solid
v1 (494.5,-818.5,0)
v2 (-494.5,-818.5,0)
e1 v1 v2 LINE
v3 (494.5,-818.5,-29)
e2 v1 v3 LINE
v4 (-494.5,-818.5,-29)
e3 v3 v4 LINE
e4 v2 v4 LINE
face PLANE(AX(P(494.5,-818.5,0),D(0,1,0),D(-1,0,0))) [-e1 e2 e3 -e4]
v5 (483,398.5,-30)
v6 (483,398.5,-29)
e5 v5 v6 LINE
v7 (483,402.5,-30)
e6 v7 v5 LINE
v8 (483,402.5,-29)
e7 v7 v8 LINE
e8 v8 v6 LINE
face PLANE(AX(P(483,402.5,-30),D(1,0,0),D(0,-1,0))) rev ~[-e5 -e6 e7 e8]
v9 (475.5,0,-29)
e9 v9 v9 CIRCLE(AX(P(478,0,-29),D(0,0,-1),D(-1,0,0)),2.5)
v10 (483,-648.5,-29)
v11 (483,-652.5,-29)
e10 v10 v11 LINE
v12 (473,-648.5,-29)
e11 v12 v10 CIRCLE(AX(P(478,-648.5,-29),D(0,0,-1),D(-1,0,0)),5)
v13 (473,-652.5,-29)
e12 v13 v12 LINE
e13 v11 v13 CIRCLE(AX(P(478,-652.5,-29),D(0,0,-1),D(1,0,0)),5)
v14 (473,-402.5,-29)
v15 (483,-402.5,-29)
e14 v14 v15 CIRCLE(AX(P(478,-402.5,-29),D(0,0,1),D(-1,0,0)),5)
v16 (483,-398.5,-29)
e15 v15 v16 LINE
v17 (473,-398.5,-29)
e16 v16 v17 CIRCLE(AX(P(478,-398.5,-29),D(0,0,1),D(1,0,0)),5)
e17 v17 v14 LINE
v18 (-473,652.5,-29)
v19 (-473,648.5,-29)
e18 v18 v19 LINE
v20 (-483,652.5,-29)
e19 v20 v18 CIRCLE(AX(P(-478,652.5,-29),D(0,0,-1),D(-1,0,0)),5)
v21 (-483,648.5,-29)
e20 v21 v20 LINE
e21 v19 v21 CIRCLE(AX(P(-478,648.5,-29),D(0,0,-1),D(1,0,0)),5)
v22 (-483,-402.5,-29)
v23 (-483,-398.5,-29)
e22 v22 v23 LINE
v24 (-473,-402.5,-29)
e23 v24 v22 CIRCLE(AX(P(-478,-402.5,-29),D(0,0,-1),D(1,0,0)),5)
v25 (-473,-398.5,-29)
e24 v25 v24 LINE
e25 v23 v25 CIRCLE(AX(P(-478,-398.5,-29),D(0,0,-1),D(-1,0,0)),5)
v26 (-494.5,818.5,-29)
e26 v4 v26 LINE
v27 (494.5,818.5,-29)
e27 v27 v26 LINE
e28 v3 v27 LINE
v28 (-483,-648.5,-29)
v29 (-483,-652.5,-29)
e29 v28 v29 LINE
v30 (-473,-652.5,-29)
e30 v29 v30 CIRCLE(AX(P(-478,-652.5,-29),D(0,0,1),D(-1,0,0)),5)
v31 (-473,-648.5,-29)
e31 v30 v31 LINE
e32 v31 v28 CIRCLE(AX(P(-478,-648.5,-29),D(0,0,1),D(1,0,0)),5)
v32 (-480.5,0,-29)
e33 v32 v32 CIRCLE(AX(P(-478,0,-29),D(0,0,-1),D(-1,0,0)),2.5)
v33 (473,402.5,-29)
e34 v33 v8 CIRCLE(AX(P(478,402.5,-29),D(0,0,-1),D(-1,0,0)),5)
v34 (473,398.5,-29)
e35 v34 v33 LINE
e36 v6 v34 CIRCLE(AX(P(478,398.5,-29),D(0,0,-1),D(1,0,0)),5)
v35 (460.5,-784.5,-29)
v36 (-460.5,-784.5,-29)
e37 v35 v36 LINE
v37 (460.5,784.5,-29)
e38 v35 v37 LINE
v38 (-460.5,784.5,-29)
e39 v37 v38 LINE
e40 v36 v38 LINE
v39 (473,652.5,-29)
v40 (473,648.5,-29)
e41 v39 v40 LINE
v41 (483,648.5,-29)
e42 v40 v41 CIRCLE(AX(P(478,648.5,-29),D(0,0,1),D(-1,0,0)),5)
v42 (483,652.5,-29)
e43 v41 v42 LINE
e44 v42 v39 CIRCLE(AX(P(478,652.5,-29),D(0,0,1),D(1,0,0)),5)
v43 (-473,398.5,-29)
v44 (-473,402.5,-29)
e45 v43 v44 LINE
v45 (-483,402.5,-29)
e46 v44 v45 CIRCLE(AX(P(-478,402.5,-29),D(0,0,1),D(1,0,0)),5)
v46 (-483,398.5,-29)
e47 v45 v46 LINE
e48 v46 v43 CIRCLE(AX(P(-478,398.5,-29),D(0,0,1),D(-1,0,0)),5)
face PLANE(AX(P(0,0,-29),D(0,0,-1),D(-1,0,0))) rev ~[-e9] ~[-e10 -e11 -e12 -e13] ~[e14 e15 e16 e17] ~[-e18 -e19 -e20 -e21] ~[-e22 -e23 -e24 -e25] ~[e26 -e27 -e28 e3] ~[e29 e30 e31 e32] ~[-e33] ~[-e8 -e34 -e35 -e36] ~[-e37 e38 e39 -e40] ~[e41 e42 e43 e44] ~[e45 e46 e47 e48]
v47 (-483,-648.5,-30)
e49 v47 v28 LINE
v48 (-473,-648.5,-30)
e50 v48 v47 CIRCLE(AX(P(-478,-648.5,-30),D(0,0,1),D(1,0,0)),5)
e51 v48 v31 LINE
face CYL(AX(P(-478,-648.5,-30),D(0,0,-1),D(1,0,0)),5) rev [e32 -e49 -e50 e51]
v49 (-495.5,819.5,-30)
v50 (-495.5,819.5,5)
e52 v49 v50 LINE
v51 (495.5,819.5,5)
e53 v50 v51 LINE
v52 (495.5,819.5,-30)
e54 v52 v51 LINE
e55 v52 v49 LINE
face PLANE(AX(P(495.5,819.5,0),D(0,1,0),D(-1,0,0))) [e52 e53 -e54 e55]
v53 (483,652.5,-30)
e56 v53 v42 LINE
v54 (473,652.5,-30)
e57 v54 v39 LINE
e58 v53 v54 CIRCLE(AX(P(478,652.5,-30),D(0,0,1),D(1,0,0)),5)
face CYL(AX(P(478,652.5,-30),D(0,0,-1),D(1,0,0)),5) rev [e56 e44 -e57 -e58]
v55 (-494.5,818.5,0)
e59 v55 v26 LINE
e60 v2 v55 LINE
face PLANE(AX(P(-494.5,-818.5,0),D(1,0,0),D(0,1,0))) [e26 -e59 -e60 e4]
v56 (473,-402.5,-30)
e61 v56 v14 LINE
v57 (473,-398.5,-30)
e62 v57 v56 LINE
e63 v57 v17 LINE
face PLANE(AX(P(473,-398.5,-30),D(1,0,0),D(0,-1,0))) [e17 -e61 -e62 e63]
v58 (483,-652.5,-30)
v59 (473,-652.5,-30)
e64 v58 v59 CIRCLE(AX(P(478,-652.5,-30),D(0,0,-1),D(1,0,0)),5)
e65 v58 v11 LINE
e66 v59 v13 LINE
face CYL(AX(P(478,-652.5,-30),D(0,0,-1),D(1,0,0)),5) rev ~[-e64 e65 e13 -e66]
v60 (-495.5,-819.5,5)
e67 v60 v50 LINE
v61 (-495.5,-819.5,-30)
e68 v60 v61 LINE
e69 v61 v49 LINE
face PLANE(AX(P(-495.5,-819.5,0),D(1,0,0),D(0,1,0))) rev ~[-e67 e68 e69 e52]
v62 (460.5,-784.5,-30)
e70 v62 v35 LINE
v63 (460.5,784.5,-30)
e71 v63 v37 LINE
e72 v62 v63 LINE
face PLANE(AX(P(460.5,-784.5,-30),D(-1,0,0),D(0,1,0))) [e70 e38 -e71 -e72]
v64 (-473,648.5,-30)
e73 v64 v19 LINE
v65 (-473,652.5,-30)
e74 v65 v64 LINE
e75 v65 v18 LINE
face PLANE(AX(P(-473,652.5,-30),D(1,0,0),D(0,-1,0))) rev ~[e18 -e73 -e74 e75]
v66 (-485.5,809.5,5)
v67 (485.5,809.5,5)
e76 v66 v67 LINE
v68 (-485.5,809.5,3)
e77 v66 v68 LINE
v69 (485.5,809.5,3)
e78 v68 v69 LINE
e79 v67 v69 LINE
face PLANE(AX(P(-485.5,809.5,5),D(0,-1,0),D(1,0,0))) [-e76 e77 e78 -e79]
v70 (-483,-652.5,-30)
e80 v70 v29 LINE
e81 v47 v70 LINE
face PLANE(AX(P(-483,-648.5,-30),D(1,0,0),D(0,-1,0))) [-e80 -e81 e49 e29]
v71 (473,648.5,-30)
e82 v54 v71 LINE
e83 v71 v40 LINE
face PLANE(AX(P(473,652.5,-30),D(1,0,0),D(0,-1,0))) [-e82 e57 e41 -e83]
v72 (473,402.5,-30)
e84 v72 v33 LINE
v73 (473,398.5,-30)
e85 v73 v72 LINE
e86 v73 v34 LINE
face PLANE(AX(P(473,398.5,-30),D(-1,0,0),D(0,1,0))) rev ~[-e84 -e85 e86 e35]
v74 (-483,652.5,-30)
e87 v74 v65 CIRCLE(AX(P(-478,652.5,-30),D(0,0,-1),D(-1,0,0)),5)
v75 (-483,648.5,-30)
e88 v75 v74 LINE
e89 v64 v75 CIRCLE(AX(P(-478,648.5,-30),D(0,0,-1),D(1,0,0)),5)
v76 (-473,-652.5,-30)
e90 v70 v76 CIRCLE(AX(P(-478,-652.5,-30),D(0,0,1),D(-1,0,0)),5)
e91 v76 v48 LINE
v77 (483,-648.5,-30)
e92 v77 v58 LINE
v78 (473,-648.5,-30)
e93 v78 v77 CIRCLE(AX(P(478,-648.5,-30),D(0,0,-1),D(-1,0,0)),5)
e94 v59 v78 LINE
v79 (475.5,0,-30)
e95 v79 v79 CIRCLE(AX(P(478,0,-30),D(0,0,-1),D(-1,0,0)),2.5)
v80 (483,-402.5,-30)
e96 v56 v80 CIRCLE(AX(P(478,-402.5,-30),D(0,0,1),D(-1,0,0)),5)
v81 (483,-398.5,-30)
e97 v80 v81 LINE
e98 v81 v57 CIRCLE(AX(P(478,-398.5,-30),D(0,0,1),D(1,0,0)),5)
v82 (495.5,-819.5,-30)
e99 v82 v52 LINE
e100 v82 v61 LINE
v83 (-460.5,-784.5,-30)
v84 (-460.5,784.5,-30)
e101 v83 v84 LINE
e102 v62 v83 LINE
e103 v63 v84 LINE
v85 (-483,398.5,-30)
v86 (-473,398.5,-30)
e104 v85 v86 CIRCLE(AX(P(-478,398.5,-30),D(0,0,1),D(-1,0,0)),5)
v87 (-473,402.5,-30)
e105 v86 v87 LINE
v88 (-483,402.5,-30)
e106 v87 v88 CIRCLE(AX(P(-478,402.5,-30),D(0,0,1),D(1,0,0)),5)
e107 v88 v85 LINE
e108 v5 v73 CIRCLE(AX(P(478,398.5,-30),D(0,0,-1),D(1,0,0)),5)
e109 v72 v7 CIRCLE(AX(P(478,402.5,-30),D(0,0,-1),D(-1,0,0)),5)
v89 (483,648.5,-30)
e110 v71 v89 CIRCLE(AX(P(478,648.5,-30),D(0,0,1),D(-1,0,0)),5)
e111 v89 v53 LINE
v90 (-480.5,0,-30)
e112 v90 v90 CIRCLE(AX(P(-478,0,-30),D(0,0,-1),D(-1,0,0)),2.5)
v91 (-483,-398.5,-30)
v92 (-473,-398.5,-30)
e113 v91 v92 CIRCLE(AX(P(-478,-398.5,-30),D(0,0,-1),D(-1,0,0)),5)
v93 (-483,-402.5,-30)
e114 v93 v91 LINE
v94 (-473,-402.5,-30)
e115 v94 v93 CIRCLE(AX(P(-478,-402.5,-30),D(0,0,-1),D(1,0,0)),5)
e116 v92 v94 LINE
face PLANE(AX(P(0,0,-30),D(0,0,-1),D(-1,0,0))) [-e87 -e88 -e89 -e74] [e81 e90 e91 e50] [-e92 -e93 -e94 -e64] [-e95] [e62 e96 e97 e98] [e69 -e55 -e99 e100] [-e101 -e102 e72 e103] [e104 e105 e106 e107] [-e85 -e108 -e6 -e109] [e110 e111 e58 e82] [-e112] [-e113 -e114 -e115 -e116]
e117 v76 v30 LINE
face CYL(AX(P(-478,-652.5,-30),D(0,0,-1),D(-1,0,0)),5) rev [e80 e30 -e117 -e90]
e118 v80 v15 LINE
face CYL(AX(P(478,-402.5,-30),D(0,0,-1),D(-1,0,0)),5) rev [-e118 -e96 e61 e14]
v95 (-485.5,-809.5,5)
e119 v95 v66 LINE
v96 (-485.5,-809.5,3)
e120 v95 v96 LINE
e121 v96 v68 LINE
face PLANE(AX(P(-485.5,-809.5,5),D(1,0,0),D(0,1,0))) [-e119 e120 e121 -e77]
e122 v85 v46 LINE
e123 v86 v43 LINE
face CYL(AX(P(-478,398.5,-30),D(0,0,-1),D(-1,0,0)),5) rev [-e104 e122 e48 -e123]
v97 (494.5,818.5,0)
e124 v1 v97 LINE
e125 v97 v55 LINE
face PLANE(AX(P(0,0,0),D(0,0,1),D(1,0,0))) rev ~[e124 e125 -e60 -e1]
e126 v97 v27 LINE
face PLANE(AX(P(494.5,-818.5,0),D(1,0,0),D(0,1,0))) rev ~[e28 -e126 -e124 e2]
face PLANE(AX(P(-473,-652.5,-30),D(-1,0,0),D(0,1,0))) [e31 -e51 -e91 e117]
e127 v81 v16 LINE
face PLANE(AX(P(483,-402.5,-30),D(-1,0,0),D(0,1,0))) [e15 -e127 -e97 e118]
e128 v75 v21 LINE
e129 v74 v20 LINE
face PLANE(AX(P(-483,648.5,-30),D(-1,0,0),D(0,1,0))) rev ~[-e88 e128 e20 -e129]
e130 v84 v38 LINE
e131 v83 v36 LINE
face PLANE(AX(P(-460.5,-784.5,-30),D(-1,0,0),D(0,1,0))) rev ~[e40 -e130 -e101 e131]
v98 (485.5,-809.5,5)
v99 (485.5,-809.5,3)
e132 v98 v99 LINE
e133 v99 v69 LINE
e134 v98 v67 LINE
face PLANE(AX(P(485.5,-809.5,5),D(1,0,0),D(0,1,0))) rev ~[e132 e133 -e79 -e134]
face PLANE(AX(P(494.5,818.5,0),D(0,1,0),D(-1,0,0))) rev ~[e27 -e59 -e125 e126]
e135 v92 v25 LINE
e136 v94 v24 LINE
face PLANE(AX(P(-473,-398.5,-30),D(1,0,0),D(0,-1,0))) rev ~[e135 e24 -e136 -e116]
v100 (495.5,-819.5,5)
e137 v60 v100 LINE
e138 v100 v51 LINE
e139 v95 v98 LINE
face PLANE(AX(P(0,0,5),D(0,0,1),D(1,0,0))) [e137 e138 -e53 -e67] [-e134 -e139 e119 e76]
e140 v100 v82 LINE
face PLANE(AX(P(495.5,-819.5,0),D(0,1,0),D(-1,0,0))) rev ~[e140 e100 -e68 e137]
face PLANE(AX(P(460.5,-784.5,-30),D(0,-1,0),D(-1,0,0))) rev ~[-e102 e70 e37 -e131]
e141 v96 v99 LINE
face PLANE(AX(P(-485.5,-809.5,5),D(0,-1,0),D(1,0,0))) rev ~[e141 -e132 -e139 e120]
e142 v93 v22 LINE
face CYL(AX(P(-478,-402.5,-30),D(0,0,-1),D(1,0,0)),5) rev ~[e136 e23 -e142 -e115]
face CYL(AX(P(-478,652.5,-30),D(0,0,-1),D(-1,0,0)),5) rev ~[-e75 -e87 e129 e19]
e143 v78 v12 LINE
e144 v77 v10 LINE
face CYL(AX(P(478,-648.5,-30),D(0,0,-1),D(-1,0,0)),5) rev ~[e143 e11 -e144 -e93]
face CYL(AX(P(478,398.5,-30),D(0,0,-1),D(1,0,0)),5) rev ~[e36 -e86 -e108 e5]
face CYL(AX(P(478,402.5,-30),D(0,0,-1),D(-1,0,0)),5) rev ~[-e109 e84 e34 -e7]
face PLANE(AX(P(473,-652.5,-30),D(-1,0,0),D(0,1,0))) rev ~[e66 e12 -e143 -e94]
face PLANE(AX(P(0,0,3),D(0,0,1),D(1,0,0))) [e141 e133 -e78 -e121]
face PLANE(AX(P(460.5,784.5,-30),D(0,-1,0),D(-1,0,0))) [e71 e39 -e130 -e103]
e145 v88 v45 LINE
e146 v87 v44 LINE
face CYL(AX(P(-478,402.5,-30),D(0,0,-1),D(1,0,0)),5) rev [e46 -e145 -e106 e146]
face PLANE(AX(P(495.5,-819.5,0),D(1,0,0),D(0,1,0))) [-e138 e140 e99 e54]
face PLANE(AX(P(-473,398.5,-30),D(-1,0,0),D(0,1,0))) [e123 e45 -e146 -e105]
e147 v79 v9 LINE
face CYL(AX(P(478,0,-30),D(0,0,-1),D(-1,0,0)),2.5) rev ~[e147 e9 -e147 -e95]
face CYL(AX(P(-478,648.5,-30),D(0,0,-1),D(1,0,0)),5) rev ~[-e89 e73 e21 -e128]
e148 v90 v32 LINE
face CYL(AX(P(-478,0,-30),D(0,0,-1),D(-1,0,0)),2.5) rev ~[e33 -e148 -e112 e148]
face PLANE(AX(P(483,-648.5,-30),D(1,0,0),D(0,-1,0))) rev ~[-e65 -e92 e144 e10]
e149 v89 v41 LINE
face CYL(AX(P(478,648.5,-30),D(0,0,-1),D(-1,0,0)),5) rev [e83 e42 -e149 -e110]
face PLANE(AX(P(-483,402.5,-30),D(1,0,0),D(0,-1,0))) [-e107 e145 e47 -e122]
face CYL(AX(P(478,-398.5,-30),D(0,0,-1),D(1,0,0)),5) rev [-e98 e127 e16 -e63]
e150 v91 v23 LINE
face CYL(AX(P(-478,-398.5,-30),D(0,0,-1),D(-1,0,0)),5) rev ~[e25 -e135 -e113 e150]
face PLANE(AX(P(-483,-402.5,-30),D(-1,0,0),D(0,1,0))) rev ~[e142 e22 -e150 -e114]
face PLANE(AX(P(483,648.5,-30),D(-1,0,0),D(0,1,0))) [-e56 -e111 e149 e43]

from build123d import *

# Parameters (mm, degrees)
CROQUIS1_W              = 991
CROQUIS1_H              = 1639
SALIENTE_EXTRUIR1_DEPTH = 5
CROQUIS2_W              = 971
CROQUIS2_H              = 1619
CORTAR_EXTRUIR1_DEPTH   = 2
CROQUIS3_W              = 991
CROQUIS3_H              = 1639
CROQUIS3_W_2            = 989
CROQUIS3_H_2            = 1637
SALIENTE_EXTRUIR2_DEPTH = 30
CROQUIS4_W              = 991
CROQUIS4_H              = 1639
CROQUIS4_W_2            = 921
CROQUIS4_H_2            = 1569
SALIENTE_EXTRUIR3_DEPTH = 1
CROQUIS5_R              = 2.5
CORTAR_EXTRUIR2_DEPTH   = 1


with BuildPart() as part:
    # Croquis1 → Saliente-Extruir1 (new body)
    with BuildSketch(Plane.XY):
        Rectangle(CROQUIS1_W, CROQUIS1_H)
    extrude(amount=SALIENTE_EXTRUIR1_DEPTH)

    # Croquis2 → Cortar-Extruir1 (cut)
    with BuildSketch(Plane.XY.offset(5)):
        Rectangle(CROQUIS2_W, CROQUIS2_H)
    extrude(amount=-CORTAR_EXTRUIR1_DEPTH, mode=Mode.SUBTRACT)

    # Croquis3 → Saliente-Extruir2 (add)
    with BuildSketch(Plane(origin=(0, 0, 0), x_dir=(-1, 0, 0), z_dir=(0, 0, -1))):
        Rectangle(CROQUIS3_W, CROQUIS3_H)
        Rectangle(CROQUIS3_W_2, CROQUIS3_H_2, mode=Mode.SUBTRACT)
    extrude(amount=SALIENTE_EXTRUIR2_DEPTH)

    # Croquis4 → Saliente-Extruir3 (add)
    with BuildSketch(Plane(origin=(0, 0, -30), x_dir=(-1, 0, 0), z_dir=(0, 0, -1))):
        Rectangle(CROQUIS4_W, CROQUIS4_H)
        Rectangle(CROQUIS4_W_2, CROQUIS4_H_2, mode=Mode.SUBTRACT)
    extrude(amount=-SALIENTE_EXTRUIR3_DEPTH)

    # Croquis5 → Cortar-Extruir2 (cut)
    with BuildSketch(Plane(origin=(0, 0, -30), x_dir=(-1, 0, 0), z_dir=(0, 0, -1))):
        with Locations((-478, 0)):
            Circle(CROQUIS5_R)
        with Locations((478, 0)):
            Circle(CROQUIS5_R)
        with BuildLine():
            Line((-473, 652.5), (-473, 648.5))
            ThreePointArc((-473, 648.5), (-478, 643.5), (-483, 648.5))
            Line((-483, 648.5), (-483, 652.5))
            ThreePointArc((-483, 652.5), (-478, 657.5), (-473, 652.5))
        make_face()
        with BuildLine():
            Line((-473, 398.5), (-473, 402.5))
            ThreePointArc((-473, 402.5), (-478, 407.5), (-483, 402.5))
            Line((-483, 402.5), (-483, 398.5))
            ThreePointArc((-483, 398.5), (-478, 393.5), (-473, 398.5))
        make_face()
        with BuildLine():
            Line((-473, -652.5), (-473, -648.5))
            ThreePointArc((-473, -648.5), (-478, -643.5), (-483, -648.5))
            Line((-483, -648.5), (-483, -652.5))
            ThreePointArc((-483, -652.5), (-478, -657.5), (-473, -652.5))
        make_face()
        with BuildLine():
            Line((-473, -398.5), (-473, -402.5))
            ThreePointArc((-473, -402.5), (-478, -407.5), (-483, -402.5))
            Line((-483, -402.5), (-483, -398.5))
            ThreePointArc((-483, -398.5), (-478, -393.5), (-473, -398.5))
        make_face()
        with BuildLine():
            Line((473, -652.5), (473, -648.5))
            ThreePointArc((473, -648.5), (478, -643.5), (483, -648.5))
            Line((483, -648.5), (483, -652.5))
            ThreePointArc((483, -652.5), (478, -657.5), (473, -652.5))
        make_face()
        with BuildLine():
            Line((473, -398.5), (473, -402.5))
            ThreePointArc((473, -402.5), (478, -407.5), (483, -402.5))
            Line((483, -402.5), (483, -398.5))
            ThreePointArc((483, -398.5), (478, -393.5), (473, -398.5))
        make_face()
        with BuildLine():
            Line((473, 398.5), (473, 402.5))
            ThreePointArc((473, 402.5), (478, 407.5), (483, 402.5))
            Line((483, 402.5), (483, 398.5))
            ThreePointArc((483, 398.5), (478, 393.5), (473, 398.5))
        make_face()
        with BuildLine():
            Line((473, 652.5), (473, 648.5))
            ThreePointArc((473, 648.5), (478, 643.5), (483, 648.5))
            Line((483, 648.5), (483, 652.5))
            ThreePointArc((483, 652.5), (478, 657.5), (473, 652.5))
        make_face()
    extrude(amount=-CORTAR_EXTRUIR2_DEPTH, mode=Mode.SUBTRACT)


solid = part.part
